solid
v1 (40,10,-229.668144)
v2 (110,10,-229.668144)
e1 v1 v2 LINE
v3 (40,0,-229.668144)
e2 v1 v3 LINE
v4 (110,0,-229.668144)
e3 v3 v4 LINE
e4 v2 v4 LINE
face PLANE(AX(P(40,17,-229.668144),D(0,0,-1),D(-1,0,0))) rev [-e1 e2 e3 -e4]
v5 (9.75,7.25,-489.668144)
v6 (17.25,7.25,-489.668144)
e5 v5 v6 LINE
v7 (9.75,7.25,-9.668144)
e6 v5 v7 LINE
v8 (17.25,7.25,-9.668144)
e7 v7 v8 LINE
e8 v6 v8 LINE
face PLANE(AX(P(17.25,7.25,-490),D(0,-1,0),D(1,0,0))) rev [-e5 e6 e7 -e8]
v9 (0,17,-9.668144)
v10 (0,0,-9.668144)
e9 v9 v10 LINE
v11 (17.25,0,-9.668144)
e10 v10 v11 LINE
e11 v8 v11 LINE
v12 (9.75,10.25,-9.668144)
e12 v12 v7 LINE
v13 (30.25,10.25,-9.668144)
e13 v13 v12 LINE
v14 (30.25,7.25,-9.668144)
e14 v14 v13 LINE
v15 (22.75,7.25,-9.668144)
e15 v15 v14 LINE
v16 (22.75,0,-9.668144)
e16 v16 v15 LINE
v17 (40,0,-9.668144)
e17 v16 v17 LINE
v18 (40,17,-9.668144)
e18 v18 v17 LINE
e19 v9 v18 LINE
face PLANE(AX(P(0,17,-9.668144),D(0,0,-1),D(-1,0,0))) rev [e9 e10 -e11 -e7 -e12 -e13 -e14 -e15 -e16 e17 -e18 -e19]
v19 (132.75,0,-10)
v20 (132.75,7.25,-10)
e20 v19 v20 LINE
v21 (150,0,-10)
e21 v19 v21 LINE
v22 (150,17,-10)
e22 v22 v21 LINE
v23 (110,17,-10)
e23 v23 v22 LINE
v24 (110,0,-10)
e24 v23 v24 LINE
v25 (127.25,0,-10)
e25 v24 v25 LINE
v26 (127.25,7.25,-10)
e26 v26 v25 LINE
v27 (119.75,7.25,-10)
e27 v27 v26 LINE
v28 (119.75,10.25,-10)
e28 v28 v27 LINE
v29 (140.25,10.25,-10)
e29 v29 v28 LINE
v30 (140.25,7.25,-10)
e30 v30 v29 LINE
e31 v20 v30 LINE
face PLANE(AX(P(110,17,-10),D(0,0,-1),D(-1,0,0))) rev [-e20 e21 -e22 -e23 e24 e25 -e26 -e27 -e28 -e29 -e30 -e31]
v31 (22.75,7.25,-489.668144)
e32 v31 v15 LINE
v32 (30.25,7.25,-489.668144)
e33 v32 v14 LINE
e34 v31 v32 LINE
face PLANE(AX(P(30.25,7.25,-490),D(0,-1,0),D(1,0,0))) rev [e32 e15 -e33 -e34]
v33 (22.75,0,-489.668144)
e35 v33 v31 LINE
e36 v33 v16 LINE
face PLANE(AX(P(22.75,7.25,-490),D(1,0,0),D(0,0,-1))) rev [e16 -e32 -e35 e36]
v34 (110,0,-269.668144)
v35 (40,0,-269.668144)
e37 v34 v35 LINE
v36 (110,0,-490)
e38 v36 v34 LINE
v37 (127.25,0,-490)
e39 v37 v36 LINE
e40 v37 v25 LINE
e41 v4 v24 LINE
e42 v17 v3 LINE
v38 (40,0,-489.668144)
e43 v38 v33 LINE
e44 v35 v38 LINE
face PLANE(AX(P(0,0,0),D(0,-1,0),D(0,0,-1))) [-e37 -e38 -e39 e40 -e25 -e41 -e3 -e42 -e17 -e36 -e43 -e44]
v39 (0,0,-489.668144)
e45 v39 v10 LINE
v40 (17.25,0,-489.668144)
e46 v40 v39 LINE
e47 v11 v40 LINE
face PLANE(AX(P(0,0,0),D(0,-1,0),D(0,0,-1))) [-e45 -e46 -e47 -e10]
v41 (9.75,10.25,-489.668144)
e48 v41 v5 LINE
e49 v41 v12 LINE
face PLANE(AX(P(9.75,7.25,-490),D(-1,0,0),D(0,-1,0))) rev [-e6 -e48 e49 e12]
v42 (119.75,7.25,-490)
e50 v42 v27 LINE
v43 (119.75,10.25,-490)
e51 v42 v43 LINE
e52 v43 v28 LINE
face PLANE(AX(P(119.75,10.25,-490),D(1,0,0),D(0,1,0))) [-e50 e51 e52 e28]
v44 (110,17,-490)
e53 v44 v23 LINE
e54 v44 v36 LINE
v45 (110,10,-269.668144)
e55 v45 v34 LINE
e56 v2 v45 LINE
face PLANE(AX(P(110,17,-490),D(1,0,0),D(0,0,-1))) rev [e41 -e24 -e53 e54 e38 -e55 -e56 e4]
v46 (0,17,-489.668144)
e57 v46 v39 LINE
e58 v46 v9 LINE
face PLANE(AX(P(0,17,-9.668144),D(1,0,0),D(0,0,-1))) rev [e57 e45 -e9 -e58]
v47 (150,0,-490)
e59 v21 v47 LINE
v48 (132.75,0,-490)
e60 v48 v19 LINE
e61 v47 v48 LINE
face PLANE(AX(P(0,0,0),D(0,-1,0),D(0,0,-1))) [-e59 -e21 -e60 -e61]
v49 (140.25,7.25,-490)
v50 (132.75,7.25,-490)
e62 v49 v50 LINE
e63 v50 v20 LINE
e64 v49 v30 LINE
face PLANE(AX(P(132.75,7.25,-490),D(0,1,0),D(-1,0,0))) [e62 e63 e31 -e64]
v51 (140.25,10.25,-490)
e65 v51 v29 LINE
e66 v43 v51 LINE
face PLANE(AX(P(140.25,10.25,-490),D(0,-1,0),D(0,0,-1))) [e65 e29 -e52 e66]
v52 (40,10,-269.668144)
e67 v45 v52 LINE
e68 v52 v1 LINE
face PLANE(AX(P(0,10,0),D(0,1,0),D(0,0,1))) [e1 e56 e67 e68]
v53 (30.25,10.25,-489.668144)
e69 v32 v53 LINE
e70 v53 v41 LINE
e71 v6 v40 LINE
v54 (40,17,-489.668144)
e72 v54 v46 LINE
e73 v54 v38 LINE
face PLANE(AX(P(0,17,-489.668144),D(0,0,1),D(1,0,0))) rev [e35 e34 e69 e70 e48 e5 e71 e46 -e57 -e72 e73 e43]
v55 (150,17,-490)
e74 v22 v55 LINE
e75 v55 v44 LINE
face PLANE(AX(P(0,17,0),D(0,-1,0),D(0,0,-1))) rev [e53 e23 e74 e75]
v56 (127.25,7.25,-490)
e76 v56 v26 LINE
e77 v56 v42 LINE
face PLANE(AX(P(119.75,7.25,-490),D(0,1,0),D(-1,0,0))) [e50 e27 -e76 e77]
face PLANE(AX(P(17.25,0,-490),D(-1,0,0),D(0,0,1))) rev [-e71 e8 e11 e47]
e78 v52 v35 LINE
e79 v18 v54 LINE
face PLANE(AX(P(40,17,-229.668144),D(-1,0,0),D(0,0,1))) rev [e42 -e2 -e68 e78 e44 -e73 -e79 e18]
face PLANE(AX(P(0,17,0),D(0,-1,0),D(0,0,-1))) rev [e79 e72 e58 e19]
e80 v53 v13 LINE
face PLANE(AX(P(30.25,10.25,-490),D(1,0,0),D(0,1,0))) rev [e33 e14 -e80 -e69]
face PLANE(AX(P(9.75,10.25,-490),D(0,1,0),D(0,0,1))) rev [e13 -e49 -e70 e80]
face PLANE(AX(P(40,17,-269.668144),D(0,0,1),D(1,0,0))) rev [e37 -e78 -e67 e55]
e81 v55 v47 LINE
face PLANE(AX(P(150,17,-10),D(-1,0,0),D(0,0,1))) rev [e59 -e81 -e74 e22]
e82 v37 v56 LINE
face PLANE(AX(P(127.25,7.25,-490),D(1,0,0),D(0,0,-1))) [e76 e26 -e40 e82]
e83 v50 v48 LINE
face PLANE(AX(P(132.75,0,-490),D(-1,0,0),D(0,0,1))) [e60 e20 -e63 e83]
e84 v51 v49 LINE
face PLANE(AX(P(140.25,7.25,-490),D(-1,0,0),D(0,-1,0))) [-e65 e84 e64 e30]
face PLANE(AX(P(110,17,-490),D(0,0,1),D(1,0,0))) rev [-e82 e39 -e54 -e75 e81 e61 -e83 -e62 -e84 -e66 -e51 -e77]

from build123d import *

# Parameters (mm, degrees)
BOSS_EXTRUDE1_DEPTH = 17
SKETCH2_W           = 70
SKETCH2_H           = 40
CUT_EXTRUDE1_DEPTH  = 7
CUT_EXTRUDE2_DEPTH  = 481.331856029


with BuildPart() as part:
    # Sketch1 → Boss-Extrude1 (new body)
    with BuildSketch(Plane(origin=(0, 0, 0), x_dir=(1, 0, 0), z_dir=(0, 1, 0))):
        Polygon((40, 489.668143971), (40, 269.668143971), (110, 269.668143971), (110, 490), (150, 490), (150, 10), (110, 10), (110, 229.668143971), (40, 229.668143971), (40, 9.668143971), (0, 9.668143971), (0, 489.668143971), align=None)
    extrude(amount=BOSS_EXTRUDE1_DEPTH)

    # Sketch2 → Cut-Extrude1 (cut)
    with BuildSketch(Plane(origin=(0, 17, 0), x_dir=(1, 0, 0), z_dir=(0, 1, 0))):
        with Locations((75, 249.668143971)):
            Rectangle(SKETCH2_W, SKETCH2_H)
    extrude(amount=-CUT_EXTRUDE1_DEPTH, mode=Mode.SUBTRACT)

    # Sketch3 → Cut-Extrude2 (cut, through all)
    with BuildSketch(Plane.XY.offset(-9.668143971)):
        Polygon((17.25, 0), (17.25, 7.25), (9.75, 7.25), (9.75, 10.25), (30.25, 10.25), (30.25, 7.25), (22.75, 7.25), (22.75, 0), align=None)
    cut_extrude2 = extrude(amount=-CUT_EXTRUDE2_DEPTH, mode=Mode.SUBTRACT)

    # Mirror1: Cut-Extrude2 across plane
    add(cut_extrude2.mirror(Plane(origin=(75, 0, 0), x_dir=(0, 0, 1), z_dir=(1, 0, 0))), mode=Mode.SUBTRACT)


solid = part.part
